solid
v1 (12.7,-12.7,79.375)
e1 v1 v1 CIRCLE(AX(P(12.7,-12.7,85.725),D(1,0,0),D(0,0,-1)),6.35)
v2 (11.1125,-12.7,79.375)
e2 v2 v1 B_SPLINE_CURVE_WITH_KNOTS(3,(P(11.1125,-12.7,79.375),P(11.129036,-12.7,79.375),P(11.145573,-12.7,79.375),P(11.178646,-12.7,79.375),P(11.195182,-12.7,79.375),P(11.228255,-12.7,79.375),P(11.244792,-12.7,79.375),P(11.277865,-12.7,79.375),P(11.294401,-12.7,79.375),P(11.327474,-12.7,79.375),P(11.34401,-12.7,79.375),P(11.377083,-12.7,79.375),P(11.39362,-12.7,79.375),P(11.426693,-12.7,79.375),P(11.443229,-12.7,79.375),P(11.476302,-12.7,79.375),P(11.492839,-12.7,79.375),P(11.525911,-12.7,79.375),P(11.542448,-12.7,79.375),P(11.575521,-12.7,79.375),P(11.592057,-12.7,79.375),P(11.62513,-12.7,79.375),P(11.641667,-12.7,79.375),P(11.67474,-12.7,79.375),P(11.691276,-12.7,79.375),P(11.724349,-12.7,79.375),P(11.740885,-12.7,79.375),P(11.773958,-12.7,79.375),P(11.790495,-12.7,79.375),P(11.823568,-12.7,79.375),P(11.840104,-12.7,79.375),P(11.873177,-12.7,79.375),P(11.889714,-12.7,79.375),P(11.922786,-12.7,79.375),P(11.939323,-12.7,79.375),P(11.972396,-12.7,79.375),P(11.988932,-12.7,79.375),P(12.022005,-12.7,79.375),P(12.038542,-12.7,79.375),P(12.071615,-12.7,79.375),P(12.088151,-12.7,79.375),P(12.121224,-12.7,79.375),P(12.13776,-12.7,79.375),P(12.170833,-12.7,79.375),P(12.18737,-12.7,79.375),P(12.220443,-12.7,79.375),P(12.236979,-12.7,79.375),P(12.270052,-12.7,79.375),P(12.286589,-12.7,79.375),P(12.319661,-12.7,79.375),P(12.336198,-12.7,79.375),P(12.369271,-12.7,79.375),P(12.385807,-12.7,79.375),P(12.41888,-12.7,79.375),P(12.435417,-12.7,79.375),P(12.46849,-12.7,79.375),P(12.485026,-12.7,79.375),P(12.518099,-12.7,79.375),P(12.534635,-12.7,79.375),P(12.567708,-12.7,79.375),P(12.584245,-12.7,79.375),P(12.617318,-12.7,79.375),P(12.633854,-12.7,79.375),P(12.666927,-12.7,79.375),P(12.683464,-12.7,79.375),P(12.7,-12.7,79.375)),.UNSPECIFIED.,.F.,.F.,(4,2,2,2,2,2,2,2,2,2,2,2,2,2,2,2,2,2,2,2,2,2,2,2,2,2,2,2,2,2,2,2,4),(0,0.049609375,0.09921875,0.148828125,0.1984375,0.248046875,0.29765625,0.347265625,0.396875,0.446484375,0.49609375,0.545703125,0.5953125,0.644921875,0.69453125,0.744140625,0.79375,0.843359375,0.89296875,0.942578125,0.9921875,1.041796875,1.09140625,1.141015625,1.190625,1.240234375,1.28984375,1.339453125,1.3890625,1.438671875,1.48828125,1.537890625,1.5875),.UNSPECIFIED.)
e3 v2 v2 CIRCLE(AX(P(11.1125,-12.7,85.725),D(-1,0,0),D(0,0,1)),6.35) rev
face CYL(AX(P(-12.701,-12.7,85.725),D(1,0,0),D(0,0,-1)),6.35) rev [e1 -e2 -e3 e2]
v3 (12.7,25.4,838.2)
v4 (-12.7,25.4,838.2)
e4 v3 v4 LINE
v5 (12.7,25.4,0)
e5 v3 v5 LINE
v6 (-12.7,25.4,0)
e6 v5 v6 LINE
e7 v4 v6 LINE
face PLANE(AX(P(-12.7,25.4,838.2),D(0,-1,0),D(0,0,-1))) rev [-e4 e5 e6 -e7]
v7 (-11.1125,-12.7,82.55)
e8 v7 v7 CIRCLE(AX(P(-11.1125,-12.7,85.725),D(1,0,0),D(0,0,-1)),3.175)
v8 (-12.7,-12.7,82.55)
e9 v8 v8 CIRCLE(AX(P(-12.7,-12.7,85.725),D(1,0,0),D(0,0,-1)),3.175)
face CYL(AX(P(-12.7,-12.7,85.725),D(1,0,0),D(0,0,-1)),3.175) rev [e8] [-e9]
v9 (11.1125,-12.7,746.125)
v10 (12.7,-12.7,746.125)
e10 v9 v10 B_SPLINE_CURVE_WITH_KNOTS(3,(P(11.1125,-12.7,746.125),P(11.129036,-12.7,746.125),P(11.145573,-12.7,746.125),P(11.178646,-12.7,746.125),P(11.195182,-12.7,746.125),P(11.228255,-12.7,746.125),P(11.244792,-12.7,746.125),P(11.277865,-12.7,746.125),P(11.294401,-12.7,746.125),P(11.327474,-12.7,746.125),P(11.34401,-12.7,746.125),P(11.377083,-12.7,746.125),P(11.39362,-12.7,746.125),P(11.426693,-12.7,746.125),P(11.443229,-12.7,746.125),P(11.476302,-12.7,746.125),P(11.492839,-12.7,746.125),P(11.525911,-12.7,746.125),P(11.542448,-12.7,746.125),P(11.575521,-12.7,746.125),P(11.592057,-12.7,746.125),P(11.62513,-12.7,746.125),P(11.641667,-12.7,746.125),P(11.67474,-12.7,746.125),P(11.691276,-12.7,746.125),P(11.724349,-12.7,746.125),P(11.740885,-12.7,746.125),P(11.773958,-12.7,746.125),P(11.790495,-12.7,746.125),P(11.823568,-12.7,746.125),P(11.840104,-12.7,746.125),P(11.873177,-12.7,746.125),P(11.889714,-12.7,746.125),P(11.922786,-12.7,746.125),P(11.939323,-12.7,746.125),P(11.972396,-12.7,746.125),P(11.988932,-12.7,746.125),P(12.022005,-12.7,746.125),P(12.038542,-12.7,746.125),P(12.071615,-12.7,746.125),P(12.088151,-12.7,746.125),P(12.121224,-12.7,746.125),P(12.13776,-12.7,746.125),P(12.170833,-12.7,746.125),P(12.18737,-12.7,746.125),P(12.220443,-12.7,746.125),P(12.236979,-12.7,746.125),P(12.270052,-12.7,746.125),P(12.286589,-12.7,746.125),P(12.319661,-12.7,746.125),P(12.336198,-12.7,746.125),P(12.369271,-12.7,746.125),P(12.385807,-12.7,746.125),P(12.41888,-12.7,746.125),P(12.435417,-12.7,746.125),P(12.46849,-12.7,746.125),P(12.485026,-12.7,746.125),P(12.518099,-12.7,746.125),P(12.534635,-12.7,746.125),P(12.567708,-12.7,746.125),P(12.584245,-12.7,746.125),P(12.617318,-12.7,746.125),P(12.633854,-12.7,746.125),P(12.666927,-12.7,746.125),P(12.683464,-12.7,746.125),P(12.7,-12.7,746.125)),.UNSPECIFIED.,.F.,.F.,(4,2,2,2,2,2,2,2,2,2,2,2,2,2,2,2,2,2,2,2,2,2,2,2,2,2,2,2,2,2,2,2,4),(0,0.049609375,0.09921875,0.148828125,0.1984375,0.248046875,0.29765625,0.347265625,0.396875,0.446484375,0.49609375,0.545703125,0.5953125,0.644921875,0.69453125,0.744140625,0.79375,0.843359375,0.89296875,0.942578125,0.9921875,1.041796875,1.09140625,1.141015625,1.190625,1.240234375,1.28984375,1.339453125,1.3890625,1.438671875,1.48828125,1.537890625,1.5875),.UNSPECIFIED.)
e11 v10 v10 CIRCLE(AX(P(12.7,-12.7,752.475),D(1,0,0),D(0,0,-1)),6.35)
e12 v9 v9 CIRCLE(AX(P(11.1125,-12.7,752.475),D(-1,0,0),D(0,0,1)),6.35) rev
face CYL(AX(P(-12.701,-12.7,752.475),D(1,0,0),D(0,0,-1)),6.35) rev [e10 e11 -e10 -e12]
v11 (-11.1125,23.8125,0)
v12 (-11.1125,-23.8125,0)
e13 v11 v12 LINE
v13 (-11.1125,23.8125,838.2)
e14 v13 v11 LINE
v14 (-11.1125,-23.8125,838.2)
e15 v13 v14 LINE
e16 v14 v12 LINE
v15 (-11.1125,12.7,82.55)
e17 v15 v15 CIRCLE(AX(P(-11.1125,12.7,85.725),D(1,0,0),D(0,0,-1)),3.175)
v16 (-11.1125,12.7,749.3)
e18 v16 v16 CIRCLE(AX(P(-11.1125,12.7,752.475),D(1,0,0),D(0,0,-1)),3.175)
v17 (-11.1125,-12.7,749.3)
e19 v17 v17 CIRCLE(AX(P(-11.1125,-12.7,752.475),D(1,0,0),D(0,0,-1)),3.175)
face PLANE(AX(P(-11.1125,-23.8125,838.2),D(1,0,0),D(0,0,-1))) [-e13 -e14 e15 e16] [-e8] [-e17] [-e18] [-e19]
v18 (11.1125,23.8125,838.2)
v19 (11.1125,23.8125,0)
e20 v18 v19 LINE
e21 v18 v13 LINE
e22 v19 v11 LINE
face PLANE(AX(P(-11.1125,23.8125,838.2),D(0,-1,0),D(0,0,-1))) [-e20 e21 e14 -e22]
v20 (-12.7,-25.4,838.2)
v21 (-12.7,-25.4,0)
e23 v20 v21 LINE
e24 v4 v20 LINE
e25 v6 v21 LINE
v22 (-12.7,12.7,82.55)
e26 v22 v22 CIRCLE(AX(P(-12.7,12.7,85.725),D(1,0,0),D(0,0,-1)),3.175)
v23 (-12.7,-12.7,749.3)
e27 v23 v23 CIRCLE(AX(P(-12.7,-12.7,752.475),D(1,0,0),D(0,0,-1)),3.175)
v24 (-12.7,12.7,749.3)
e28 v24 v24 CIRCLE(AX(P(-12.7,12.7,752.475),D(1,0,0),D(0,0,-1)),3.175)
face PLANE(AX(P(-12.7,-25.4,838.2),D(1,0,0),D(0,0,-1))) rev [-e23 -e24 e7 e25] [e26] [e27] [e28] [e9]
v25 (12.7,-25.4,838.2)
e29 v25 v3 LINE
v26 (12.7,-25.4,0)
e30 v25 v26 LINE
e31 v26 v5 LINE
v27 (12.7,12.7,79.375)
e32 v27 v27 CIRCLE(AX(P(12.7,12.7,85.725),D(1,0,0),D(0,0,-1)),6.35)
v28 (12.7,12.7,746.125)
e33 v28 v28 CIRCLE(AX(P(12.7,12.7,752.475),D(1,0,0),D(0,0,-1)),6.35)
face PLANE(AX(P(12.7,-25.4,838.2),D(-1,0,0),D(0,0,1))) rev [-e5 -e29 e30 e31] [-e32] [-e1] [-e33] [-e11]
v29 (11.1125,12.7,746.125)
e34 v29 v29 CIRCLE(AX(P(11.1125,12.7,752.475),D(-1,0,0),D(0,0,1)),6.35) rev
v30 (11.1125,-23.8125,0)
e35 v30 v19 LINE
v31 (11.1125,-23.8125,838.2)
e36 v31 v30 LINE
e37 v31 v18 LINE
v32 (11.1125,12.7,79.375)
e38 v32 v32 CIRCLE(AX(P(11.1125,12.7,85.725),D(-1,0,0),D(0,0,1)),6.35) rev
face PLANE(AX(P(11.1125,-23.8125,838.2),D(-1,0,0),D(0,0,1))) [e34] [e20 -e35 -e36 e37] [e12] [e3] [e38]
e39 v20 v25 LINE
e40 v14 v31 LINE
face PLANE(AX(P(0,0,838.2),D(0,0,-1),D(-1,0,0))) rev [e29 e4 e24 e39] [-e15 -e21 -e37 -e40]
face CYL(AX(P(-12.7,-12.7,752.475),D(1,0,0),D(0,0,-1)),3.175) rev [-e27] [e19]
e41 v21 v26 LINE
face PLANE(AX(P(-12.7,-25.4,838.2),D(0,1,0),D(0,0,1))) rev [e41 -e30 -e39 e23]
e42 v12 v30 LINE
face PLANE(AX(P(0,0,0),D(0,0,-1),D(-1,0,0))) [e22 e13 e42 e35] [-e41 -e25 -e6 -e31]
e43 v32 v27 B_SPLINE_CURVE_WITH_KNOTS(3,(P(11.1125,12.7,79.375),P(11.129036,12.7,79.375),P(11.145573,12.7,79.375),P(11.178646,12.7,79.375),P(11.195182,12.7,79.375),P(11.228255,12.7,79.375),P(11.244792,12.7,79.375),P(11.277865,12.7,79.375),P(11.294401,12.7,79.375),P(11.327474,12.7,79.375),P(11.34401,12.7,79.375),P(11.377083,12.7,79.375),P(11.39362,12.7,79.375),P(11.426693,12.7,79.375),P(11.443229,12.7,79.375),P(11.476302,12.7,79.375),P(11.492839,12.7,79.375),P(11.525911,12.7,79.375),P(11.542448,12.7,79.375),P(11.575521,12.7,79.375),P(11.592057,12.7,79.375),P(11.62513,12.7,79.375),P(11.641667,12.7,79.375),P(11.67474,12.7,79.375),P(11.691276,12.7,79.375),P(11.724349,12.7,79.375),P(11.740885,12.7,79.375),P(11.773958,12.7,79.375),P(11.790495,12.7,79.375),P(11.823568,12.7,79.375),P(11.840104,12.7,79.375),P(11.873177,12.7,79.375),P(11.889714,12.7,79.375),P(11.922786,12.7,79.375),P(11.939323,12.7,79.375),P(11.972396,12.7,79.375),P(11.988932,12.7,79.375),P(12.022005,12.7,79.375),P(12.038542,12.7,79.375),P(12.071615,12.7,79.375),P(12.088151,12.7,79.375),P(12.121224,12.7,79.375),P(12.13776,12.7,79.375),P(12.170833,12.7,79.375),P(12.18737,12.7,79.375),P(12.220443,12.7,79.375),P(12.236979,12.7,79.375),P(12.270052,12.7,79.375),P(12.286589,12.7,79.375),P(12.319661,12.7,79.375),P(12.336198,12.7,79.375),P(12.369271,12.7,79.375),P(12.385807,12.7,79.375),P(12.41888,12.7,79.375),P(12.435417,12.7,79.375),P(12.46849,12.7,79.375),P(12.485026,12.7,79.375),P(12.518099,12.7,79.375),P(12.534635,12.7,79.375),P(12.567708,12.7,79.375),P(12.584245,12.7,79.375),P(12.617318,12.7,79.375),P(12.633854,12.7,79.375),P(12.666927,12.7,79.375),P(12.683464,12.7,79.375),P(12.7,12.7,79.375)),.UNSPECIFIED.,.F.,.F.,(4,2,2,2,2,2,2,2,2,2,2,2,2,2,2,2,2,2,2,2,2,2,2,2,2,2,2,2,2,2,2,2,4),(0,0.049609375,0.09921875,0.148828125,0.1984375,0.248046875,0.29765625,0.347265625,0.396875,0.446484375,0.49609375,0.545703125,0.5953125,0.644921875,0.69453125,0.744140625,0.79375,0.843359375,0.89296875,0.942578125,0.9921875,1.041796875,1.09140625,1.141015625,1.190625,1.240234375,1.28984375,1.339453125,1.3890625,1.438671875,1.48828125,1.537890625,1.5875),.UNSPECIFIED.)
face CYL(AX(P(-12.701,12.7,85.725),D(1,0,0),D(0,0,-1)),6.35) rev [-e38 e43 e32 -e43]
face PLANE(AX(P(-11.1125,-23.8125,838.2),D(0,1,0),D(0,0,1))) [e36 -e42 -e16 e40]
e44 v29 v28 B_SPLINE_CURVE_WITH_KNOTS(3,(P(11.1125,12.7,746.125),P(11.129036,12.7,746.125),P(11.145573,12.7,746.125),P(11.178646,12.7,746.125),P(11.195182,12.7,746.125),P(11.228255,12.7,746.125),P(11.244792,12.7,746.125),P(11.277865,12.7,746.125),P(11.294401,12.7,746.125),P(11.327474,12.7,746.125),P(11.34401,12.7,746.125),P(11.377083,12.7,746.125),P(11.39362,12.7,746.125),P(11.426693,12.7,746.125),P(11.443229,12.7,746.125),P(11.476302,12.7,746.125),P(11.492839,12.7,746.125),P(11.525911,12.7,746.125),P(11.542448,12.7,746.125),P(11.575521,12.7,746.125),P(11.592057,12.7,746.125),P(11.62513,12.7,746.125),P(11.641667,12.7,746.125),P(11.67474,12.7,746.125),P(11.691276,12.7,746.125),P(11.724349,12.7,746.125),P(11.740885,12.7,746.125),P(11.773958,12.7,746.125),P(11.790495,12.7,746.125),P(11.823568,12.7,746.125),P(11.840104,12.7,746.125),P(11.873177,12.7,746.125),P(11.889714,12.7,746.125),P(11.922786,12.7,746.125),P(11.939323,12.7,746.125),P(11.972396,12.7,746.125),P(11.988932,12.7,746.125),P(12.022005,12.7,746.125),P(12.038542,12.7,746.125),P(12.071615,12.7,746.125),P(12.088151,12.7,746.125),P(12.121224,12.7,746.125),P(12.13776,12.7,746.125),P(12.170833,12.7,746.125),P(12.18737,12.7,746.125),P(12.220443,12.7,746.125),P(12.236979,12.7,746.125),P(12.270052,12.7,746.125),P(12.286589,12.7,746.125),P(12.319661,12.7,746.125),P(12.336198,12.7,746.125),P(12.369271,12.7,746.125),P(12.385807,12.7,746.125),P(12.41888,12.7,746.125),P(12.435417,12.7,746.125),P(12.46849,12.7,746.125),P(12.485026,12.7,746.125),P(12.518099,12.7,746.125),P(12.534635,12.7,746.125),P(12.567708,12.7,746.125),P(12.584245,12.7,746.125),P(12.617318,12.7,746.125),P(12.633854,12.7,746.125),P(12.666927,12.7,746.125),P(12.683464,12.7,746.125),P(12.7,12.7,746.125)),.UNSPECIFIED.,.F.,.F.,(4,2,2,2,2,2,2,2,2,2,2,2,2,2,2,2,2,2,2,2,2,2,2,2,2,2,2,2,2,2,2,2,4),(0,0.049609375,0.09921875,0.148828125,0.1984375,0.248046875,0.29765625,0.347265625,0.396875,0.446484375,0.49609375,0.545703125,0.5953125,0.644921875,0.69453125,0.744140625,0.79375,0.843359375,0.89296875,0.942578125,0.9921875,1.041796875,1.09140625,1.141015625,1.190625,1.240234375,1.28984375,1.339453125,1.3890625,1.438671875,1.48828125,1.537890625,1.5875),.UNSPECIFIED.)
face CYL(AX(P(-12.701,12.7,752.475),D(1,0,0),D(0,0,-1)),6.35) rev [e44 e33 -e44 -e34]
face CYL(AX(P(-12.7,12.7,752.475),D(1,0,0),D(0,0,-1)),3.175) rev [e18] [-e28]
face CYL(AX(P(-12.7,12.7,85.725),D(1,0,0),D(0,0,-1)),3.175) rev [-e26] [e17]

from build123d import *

# Parameters (mm, degrees)
SKETCH1_W           = 25.4
SKETCH1_H           = 50.8
SKETCH1_W_2         = 22.225
SKETCH1_H_2         = 47.625
BOSS_EXTRUDE1_DEPTH = 838.2
SKETCH2_R           = 3.175
CUT_EXTRUDE1_DEPTH  = 839.969343898
CUT_EXTRUDE2_REACH  = 840.969
SKETCH3_R           = 6.35


with BuildPart() as part:
    # Sketch1 → Boss-Extrude1 (new body)
    with BuildSketch(Plane.XY):
        Rectangle(SKETCH1_W, SKETCH1_H)
        Rectangle(SKETCH1_W_2, SKETCH1_H_2, mode=Mode.SUBTRACT)
    extrude(amount=BOSS_EXTRUDE1_DEPTH)

    # Sketch2 → Cut-Extrude1 (cut, through all)
    with BuildSketch(Plane(origin=(12.7, 0, 0), x_dir=(0, 0, -1), z_dir=(1, 0, 0))):
        with Locations((-85.725, 12.7)):
            Circle(SKETCH2_R)
        with Locations((-85.725, -12.7)):
            Circle(SKETCH2_R)
        with Locations((-752.475, 12.7)):
            Circle(SKETCH2_R)
        with Locations((-752.475, -12.7)):
            Circle(SKETCH2_R)
    extrude(amount=-CUT_EXTRUDE1_DEPTH, mode=Mode.SUBTRACT)

    # Sketch3 → Cut-Extrude2 (cut, up to next)
    with BuildSketch(Plane(origin=(12.7, 0, 0), x_dir=(0, 0, -1), z_dir=(1, 0, 0)), mode=Mode.PRIVATE) as cut_extrude2_sk1:
        with Locations((-752.475, 12.7)):
            Circle(SKETCH3_R)
    cut_extrude2_tool1 = extrude(cut_extrude2_sk1.sketch, amount=-CUT_EXTRUDE2_REACH, mode=Mode.PRIVATE) & part.part
    # Sketch3 → Cut-Extrude2 (cut, up to next)
    with BuildSketch(Plane(origin=(12.7, 0, 0), x_dir=(0, 0, -1), z_dir=(1, 0, 0)), mode=Mode.PRIVATE) as cut_extrude2_sk2:
        with Locations((-752.475, -12.7)):
            Circle(SKETCH3_R)
    cut_extrude2_tool2 = extrude(cut_extrude2_sk2.sketch, amount=-CUT_EXTRUDE2_REACH, mode=Mode.PRIVATE) & part.part
    # Sketch3 → Cut-Extrude2 (cut, up to next)
    with BuildSketch(Plane(origin=(12.7, 0, 0), x_dir=(0, 0, -1), z_dir=(1, 0, 0)), mode=Mode.PRIVATE) as cut_extrude2_sk3:
        with Locations((-85.725, 12.7)):
            Circle(SKETCH3_R)
    cut_extrude2_tool3 = extrude(cut_extrude2_sk3.sketch, amount=-CUT_EXTRUDE2_REACH, mode=Mode.PRIVATE) & part.part
    # Sketch3 → Cut-Extrude2 (cut, up to next)
    with BuildSketch(Plane(origin=(12.7, 0, 0), x_dir=(0, 0, -1), z_dir=(1, 0, 0)), mode=Mode.PRIVATE) as cut_extrude2_sk4:
        with Locations((-85.725, -12.7)):
            Circle(SKETCH3_R)
    cut_extrude2_tool4 = extrude(cut_extrude2_sk4.sketch, amount=-CUT_EXTRUDE2_REACH, mode=Mode.PRIVATE) & part.part
    add(cut_extrude2_tool1.solids().sort_by_distance((12.7, 12.7, 752.475))[0], mode=Mode.SUBTRACT)
    add(cut_extrude2_tool2.solids().sort_by_distance((12.7, -12.7, 752.475))[0], mode=Mode.SUBTRACT)
    add(cut_extrude2_tool3.solids().sort_by_distance((12.7, 12.7, 85.725))[0], mode=Mode.SUBTRACT)
    add(cut_extrude2_tool4.solids().sort_by_distance((12.7, -12.7, 85.725))[0], mode=Mode.SUBTRACT)


solid = part.part
